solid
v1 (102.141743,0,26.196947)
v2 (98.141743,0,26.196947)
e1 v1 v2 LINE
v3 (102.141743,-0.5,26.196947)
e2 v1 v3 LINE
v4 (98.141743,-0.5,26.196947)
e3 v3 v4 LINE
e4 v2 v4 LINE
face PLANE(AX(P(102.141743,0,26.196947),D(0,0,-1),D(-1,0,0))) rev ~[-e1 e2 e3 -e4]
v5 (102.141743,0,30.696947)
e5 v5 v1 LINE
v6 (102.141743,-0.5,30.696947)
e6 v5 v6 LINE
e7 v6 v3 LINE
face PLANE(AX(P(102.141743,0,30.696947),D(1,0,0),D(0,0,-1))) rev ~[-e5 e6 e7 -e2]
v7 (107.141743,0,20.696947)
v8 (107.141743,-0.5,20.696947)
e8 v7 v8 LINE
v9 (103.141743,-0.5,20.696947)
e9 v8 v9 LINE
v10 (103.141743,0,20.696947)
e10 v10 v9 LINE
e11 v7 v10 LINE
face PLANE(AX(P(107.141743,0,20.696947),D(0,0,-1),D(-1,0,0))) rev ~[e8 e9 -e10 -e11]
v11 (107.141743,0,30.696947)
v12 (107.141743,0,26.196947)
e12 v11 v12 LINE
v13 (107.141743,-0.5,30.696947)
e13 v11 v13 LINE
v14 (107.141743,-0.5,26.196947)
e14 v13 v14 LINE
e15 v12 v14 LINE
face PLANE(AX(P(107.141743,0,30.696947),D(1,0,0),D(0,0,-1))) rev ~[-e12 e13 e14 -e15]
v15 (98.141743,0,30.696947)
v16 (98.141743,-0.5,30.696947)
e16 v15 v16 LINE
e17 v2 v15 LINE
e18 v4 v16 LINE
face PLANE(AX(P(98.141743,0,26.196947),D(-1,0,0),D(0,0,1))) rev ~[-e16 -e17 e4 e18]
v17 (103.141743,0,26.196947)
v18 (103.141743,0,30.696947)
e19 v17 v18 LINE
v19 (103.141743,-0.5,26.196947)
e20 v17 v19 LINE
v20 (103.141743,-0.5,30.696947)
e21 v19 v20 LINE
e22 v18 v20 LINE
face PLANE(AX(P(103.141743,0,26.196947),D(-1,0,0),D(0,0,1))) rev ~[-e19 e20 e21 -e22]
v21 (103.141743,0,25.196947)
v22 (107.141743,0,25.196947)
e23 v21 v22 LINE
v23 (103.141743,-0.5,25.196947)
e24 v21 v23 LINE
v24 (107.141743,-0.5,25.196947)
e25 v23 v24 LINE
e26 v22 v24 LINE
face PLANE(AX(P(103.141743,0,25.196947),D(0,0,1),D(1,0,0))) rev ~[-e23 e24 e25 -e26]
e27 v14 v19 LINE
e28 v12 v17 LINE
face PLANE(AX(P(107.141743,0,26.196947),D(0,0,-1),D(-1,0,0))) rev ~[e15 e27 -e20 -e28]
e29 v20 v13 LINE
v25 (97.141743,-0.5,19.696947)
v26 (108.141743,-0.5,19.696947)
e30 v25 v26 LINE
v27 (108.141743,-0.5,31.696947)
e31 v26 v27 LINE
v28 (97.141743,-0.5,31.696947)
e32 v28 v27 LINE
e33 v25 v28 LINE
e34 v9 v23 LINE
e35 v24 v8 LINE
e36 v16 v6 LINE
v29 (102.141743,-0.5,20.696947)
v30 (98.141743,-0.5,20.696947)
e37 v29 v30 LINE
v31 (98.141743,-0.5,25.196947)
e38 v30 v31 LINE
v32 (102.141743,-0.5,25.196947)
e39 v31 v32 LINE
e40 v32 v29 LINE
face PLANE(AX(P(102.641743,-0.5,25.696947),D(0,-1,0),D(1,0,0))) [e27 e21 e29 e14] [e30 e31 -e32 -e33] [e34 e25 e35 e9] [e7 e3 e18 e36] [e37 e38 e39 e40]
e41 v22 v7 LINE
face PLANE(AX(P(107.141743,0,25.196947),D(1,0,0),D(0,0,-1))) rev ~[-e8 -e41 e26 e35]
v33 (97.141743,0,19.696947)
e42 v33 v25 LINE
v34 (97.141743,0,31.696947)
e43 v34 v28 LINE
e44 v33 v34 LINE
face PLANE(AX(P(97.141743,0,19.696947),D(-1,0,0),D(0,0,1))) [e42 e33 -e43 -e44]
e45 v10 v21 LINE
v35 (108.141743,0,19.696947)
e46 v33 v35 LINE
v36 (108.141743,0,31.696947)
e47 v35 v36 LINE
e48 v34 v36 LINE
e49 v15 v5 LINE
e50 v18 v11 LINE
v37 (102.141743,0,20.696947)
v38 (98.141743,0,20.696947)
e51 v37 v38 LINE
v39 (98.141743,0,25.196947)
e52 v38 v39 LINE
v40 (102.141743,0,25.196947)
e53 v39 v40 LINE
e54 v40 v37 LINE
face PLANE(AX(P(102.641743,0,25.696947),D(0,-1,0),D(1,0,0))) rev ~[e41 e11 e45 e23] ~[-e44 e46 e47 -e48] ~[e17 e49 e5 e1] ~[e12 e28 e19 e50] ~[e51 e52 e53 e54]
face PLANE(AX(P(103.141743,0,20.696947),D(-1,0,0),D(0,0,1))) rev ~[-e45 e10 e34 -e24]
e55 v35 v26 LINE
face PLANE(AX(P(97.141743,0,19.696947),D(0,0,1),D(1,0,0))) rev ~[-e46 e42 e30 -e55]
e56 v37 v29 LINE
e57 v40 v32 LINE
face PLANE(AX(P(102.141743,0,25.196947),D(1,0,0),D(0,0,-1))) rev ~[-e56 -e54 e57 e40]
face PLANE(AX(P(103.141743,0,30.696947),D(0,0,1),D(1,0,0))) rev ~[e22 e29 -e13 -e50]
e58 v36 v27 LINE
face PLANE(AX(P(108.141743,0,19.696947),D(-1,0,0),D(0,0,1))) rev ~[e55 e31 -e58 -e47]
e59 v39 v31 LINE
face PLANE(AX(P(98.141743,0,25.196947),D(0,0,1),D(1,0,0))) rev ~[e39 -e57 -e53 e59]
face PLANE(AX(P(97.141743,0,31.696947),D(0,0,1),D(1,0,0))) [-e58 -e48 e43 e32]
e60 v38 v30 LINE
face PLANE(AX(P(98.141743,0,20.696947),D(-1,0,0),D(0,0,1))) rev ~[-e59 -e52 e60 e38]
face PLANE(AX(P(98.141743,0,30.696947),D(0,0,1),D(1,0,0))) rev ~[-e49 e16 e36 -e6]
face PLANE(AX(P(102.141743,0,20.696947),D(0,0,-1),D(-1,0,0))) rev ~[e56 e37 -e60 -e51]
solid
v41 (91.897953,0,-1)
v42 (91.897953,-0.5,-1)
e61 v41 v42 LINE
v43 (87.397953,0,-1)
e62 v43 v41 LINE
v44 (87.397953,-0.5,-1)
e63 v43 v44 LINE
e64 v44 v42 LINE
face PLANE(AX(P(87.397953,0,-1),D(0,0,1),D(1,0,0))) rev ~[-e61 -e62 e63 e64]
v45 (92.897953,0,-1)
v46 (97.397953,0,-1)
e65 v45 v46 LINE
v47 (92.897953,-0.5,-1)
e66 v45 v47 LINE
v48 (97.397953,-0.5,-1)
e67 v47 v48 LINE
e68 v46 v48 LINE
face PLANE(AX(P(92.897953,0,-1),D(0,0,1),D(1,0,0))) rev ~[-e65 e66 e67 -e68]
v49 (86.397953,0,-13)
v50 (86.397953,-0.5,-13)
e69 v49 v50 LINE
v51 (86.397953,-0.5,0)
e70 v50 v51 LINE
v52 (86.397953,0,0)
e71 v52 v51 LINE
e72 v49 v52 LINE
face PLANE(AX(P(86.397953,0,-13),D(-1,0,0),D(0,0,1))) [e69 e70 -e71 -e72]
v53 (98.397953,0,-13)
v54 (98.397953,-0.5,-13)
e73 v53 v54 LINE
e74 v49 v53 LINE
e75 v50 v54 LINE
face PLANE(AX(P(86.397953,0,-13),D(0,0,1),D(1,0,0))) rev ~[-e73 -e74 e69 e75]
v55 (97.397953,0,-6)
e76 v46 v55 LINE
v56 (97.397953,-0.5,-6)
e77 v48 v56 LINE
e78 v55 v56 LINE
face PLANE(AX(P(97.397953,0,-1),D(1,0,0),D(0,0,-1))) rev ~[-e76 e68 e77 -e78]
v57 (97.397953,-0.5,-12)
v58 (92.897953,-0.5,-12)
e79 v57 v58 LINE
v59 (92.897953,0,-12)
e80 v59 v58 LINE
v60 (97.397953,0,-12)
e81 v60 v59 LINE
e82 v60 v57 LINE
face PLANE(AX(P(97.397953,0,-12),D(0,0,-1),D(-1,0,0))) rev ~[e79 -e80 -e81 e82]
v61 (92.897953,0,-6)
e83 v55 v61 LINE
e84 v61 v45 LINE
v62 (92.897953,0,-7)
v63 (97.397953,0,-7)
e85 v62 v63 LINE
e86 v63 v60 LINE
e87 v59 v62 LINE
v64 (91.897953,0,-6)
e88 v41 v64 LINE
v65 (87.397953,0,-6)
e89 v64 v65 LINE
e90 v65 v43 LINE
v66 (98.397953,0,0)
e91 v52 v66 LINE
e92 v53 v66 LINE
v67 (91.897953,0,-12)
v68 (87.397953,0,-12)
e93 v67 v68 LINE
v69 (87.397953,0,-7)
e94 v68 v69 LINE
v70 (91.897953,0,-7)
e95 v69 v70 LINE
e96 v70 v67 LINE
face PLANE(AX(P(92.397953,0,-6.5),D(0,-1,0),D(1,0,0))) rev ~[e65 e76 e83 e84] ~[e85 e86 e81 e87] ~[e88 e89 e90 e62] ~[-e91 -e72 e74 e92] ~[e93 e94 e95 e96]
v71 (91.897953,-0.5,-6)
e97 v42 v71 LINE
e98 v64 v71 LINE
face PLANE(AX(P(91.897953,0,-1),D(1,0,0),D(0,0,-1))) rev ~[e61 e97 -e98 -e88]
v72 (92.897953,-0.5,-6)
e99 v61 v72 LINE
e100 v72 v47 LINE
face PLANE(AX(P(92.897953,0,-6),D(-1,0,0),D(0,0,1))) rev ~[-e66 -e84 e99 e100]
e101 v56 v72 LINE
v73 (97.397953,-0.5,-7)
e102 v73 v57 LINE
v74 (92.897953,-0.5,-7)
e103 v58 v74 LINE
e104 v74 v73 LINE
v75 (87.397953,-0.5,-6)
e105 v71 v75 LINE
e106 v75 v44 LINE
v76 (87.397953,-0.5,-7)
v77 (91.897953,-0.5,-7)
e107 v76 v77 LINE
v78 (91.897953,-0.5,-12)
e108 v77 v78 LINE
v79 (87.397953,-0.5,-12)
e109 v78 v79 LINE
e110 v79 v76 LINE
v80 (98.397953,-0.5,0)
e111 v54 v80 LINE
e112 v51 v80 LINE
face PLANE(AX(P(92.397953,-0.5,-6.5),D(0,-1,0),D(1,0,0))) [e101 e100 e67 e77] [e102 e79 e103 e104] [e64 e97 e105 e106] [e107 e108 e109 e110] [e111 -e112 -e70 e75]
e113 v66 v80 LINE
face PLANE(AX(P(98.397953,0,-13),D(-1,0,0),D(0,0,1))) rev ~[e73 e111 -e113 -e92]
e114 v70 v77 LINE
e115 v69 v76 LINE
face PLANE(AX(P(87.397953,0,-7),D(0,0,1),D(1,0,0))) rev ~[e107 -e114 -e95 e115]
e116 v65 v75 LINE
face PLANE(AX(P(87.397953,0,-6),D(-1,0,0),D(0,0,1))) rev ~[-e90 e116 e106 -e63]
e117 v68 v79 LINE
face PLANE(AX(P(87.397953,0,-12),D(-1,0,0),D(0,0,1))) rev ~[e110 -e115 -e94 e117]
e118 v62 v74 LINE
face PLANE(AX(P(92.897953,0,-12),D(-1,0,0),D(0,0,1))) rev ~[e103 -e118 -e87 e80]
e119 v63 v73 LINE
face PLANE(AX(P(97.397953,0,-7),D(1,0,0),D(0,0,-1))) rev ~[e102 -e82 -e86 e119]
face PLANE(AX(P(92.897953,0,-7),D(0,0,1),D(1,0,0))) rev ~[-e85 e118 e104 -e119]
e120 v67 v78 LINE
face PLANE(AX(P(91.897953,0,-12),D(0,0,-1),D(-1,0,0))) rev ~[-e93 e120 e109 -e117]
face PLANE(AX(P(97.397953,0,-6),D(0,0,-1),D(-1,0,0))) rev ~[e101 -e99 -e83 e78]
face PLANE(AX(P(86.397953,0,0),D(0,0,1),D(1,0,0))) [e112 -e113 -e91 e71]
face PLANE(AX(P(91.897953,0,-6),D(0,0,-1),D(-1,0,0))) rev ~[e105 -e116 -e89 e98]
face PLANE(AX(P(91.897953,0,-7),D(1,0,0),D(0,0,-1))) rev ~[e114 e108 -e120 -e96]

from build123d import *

# Parameters (mm, degrees)
F0_W     = 11
F0_H     = 12
F0_W_2   = 12
F0_H_2   = 13
F1_DEPTH = 0.5


with BuildPart() as f1:
    # F0 (on Front) → F1 (new body)
    with BuildSketch(Plane.XZ):
        with Locations((102.641743, 25.696947)):
            Rectangle(F0_W, F0_H)
        Polygon((103.141743, 30.696947), (107.141743, 30.696947), (107.141743, 26.196947), (107.141743, 25.196947), (107.141743, 20.696947), (103.141743, 20.696947), (102.141743, 20.696947), (98.141743, 20.696947), (98.141743, 25.196947), (98.141743, 26.196947), (98.141743, 30.696947), (102.141743, 30.696947), align=None, mode=Mode.SUBTRACT)
        Polygon((103.141743, 26.196947), (103.141743, 30.696947), (102.141743, 30.696947), (102.141743, 26.196947), (98.141743, 26.196947), (98.141743, 25.196947), (102.141743, 25.196947), (102.141743, 20.696947), (103.141743, 20.696947), (103.141743, 25.196947), (107.141743, 25.196947), (107.141743, 26.196947), align=None)
        with Locations((92.397953, -6.5)):
            Rectangle(F0_W_2, F0_H_2)
        Polygon((92.897953, -1), (97.397953, -1), (97.397953, -6), (97.397953, -7), (97.397953, -12), (92.897953, -12), (91.897953, -12), (87.397953, -12), (87.397953, -7), (87.397953, -6), (87.397953, -1), (91.897953, -1), align=None, mode=Mode.SUBTRACT)
        Polygon((92.897953, -6), (92.897953, -1), (91.897953, -1), (91.897953, -6), (87.397953, -6), (87.397953, -7), (91.897953, -7), (91.897953, -12), (92.897953, -12), (92.897953, -7), (97.397953, -7), (97.397953, -6), align=None)
    extrude(amount=F1_DEPTH)


solid = f1.part
